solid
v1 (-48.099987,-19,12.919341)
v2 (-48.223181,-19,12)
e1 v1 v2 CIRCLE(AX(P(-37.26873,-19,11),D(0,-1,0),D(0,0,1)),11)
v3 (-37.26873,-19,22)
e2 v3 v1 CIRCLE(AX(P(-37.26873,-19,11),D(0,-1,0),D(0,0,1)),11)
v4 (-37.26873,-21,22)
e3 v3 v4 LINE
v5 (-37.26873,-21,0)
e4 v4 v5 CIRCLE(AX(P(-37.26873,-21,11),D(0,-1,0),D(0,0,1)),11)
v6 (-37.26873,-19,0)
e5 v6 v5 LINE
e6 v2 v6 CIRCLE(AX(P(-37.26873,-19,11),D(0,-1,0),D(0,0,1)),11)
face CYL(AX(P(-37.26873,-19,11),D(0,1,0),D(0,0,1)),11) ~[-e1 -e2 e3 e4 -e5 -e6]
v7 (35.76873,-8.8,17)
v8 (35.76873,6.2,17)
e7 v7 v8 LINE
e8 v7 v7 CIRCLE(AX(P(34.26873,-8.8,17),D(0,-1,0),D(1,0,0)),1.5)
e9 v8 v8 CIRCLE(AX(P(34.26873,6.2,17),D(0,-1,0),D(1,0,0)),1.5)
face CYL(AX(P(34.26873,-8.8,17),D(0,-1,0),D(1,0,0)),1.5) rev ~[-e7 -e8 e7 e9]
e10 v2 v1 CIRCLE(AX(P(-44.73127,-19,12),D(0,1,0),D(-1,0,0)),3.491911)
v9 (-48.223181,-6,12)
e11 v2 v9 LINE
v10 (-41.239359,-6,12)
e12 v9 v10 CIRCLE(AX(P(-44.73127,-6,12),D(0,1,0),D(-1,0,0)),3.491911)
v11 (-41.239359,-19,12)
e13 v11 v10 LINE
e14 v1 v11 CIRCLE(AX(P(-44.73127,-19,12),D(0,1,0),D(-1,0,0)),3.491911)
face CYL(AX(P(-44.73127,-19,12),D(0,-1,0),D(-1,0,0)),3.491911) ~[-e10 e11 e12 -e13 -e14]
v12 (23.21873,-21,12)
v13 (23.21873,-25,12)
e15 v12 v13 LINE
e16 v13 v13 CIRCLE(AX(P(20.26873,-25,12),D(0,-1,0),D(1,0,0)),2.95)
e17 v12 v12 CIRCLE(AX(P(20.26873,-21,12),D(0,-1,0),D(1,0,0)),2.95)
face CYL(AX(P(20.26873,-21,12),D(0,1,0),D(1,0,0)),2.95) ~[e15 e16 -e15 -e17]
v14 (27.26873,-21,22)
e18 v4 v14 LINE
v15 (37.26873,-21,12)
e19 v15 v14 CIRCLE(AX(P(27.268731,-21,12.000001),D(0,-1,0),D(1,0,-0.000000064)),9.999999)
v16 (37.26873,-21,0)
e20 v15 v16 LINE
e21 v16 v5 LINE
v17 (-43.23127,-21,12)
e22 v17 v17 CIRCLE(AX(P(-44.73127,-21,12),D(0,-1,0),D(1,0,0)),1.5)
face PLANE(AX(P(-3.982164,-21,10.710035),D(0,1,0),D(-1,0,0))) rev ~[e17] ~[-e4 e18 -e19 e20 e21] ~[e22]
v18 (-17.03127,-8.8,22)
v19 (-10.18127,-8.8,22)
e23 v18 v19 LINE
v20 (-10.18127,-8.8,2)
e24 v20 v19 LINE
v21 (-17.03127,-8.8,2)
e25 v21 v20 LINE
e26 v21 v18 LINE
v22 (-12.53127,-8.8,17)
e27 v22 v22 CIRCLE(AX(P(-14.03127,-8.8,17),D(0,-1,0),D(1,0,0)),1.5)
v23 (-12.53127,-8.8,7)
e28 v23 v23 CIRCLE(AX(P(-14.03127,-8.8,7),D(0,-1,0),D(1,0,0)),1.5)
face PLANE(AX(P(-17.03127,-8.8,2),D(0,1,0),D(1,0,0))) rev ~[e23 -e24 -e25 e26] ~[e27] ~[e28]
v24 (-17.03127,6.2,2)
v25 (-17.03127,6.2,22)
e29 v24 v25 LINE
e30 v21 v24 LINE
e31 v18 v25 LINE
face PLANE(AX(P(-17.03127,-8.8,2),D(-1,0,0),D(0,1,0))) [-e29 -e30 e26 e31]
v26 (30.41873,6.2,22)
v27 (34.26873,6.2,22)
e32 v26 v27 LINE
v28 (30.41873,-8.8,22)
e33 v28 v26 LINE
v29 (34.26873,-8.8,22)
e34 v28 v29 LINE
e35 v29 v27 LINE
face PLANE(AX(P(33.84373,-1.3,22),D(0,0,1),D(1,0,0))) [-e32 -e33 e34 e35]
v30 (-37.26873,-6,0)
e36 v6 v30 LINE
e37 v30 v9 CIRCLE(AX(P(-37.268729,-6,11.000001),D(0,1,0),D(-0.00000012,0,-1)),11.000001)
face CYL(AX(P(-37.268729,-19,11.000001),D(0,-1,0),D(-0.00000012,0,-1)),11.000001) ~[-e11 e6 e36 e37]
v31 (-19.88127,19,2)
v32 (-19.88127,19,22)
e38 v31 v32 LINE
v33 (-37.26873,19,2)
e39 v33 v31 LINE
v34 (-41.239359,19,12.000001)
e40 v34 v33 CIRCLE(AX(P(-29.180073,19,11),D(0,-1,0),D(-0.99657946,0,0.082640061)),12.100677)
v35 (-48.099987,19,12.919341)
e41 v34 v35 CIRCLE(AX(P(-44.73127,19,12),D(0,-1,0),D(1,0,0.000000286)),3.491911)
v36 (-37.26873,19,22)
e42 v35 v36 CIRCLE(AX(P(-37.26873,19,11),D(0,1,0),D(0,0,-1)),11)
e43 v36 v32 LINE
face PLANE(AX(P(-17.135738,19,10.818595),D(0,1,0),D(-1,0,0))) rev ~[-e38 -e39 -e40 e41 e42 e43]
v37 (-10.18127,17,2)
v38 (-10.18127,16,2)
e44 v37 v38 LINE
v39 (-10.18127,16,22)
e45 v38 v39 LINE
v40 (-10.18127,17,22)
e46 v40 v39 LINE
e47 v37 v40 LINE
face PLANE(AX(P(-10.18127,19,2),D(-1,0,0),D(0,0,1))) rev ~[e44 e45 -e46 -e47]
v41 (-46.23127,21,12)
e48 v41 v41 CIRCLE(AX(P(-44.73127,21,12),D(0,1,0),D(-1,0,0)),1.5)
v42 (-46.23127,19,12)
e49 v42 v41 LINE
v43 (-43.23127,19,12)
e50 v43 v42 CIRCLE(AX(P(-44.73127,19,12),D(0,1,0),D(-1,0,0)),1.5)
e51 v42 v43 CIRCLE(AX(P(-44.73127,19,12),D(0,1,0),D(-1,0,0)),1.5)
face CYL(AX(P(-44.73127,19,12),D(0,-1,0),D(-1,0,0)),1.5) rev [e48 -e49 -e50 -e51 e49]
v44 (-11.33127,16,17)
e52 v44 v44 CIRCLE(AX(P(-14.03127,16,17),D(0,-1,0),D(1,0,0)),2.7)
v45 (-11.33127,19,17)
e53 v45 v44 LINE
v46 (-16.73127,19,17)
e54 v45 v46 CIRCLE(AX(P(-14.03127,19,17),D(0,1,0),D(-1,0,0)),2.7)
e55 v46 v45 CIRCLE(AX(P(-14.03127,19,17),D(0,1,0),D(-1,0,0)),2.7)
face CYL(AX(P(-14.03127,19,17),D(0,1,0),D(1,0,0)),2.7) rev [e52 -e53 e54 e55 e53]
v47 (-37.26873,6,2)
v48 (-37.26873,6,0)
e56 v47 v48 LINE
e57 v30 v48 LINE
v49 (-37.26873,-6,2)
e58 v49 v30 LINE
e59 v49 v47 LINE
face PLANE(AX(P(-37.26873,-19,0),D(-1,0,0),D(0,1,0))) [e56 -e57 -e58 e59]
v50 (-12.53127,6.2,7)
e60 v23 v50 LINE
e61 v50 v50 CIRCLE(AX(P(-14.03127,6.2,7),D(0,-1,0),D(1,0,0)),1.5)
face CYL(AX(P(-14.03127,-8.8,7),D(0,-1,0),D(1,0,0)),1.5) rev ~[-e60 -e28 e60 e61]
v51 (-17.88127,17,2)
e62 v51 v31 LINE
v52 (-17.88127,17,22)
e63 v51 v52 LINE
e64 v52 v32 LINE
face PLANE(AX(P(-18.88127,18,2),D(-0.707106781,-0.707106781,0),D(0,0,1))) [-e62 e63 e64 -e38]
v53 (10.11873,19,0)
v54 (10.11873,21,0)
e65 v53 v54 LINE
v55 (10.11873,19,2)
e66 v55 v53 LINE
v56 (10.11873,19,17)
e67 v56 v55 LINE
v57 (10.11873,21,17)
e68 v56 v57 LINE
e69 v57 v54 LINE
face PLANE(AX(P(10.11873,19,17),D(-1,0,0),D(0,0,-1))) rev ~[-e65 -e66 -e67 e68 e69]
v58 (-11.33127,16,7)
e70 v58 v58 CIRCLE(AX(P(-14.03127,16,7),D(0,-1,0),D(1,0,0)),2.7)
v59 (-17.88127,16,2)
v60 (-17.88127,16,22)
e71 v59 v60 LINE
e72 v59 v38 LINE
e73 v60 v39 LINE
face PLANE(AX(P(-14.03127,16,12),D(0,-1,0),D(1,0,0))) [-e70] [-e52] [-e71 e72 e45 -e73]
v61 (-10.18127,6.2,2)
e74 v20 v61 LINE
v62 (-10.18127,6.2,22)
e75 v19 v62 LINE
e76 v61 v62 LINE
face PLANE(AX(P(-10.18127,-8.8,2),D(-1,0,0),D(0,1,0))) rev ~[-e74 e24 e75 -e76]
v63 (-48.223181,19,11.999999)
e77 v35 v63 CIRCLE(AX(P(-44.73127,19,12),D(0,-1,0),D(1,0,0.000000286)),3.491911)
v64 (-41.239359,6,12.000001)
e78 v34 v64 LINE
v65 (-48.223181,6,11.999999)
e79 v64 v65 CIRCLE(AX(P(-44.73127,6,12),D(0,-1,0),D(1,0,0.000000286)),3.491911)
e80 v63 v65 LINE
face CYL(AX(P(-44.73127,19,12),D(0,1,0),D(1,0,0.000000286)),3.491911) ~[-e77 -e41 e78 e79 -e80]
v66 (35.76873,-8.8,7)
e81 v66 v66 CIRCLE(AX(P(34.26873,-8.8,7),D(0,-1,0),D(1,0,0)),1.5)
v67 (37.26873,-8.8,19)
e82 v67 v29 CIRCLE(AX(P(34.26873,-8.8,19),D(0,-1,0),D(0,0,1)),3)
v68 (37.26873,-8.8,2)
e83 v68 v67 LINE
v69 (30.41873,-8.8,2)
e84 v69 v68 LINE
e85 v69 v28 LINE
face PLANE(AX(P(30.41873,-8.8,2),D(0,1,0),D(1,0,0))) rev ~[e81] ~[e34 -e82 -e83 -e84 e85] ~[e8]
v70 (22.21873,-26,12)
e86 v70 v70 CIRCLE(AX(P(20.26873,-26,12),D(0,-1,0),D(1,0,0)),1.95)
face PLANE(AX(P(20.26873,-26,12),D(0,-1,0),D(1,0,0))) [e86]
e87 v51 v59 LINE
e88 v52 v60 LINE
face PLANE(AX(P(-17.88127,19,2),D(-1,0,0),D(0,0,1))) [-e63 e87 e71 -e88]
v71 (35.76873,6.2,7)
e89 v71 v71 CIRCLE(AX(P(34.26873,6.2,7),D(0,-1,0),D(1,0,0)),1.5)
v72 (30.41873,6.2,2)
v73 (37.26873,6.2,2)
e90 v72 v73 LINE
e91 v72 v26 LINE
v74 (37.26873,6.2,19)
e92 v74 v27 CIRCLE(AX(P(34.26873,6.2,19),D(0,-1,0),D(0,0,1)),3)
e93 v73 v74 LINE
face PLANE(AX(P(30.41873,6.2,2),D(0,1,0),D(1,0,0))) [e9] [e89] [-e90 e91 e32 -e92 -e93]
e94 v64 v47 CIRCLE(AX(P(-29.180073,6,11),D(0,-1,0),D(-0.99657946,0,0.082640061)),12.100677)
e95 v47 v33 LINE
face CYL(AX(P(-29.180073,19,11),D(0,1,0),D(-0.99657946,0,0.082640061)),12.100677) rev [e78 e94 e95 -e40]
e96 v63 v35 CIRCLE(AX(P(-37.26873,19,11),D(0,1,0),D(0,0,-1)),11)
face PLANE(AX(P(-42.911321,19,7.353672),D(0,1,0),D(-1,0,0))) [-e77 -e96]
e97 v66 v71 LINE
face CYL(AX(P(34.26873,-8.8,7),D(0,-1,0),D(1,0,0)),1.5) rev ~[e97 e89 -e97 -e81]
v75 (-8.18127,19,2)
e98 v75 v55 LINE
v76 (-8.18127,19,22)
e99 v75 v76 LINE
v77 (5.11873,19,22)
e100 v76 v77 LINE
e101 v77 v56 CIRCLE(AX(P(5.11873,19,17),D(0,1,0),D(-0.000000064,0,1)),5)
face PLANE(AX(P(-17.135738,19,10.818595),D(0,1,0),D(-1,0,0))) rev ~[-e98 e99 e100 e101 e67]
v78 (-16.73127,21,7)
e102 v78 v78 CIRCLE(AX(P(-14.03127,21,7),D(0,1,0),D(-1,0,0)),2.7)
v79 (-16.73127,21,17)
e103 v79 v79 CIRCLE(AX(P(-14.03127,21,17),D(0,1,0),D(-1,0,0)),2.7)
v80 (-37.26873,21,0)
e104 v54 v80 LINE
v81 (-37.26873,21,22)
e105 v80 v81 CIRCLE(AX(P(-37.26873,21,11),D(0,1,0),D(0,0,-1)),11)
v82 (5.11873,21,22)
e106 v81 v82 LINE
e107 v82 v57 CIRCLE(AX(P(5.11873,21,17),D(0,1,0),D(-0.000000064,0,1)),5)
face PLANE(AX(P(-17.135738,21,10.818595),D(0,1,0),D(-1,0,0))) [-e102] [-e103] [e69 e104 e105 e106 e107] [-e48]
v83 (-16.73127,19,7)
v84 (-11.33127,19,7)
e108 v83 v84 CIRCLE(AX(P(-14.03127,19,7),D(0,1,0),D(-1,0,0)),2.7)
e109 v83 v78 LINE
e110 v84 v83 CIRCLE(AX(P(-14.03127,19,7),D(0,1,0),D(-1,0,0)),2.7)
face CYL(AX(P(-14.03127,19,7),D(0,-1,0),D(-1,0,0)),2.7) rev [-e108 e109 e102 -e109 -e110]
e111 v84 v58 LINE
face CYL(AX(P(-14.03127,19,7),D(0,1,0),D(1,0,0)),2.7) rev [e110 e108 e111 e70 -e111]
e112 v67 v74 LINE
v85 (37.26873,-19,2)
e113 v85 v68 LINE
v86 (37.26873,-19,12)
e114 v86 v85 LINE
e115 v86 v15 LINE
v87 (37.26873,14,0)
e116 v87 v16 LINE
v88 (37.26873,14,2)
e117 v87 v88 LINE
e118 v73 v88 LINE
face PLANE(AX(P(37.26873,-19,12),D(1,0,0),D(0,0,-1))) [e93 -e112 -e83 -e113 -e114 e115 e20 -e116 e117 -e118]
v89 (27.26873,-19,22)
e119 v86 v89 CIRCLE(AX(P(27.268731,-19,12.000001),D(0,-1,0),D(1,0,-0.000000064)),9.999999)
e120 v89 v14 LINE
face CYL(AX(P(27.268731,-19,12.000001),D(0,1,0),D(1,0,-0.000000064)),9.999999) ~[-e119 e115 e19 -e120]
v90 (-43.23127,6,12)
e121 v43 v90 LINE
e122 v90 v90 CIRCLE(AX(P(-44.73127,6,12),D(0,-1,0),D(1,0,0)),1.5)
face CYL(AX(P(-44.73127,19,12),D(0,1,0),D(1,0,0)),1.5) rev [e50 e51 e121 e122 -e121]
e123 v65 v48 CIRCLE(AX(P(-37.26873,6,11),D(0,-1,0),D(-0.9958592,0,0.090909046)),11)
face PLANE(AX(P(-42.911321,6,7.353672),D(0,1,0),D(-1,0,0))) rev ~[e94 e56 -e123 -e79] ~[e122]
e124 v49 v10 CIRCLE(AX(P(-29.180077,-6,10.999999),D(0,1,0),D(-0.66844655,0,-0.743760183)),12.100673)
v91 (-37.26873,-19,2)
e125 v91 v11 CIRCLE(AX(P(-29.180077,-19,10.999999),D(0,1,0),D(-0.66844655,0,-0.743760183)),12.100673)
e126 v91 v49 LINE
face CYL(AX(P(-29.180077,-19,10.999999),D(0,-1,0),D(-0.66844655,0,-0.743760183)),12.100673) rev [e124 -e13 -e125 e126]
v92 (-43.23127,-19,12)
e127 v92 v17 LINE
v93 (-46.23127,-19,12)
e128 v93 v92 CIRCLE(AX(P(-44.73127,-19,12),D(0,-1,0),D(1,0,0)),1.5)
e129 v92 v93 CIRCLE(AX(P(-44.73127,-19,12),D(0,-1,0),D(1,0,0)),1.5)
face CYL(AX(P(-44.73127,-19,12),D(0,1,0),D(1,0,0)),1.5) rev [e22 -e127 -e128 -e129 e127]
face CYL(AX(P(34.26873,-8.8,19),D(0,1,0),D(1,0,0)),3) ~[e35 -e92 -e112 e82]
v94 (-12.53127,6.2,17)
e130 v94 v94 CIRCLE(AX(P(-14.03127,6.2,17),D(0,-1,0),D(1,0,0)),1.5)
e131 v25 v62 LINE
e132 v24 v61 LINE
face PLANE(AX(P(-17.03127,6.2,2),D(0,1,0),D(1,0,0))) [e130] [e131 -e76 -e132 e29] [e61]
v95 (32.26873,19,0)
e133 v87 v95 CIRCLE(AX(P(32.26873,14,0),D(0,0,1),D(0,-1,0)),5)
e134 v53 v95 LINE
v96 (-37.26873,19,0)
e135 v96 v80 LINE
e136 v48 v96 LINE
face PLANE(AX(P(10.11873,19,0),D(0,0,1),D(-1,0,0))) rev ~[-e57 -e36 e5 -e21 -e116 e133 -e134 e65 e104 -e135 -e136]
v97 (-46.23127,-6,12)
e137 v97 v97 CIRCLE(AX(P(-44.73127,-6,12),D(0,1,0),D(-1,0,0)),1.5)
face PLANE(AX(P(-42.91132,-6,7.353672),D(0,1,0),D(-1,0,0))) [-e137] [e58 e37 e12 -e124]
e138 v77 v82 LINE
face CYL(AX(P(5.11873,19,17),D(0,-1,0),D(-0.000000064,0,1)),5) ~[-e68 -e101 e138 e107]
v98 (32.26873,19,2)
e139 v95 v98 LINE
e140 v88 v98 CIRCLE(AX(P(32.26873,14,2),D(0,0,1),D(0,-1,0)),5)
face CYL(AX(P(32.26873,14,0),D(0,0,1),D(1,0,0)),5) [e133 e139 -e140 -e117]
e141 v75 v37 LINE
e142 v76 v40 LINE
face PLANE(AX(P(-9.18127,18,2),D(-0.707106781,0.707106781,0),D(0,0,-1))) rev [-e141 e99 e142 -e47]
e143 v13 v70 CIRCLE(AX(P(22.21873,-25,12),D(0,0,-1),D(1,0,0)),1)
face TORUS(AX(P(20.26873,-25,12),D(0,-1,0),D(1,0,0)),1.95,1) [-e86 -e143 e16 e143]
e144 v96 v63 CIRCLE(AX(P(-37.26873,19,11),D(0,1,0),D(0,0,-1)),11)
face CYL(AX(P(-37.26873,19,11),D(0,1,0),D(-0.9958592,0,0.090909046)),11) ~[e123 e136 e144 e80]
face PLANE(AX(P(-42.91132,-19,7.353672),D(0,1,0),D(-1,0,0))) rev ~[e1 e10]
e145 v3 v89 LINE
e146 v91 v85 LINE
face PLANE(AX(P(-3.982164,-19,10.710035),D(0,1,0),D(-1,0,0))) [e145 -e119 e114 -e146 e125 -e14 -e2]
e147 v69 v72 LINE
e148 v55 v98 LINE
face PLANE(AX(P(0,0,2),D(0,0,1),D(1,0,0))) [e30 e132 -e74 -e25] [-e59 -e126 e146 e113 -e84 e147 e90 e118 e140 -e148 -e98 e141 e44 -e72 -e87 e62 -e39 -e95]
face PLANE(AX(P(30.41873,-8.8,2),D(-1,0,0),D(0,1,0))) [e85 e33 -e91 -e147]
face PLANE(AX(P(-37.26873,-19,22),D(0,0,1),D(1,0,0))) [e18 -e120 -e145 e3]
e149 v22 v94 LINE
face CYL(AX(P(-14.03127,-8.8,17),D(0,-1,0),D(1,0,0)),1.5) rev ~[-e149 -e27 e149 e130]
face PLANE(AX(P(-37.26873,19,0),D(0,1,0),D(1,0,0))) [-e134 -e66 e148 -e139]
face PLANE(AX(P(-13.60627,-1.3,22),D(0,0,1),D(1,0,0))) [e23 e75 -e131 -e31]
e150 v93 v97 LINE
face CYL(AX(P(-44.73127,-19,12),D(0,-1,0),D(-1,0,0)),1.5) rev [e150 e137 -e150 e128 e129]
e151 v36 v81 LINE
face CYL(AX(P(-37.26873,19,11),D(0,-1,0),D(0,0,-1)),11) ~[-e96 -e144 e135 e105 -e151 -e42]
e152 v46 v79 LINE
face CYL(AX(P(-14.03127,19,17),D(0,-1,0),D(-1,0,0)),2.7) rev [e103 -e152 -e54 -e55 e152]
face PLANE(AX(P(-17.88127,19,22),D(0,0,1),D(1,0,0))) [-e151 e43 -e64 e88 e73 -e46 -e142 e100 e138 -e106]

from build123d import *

# Parameters (mm, degrees)
SKETCH_W        = 74.53746
SKETCH_H        = 38
PAD_DEPTH       = 2
SKETCH001_W     = 6.85
SKETCH001_H     = 15
PAD001_DEPTH    = 20
SKETCH002_R     = 1.5
POCKET_DEPTH    = 17
SKETCH003_R     = 1.5
PAD002_DEPTH    = 2
SKETCH004_R     = 2.95
PAD003_DEPTH    = 5
SKETCH005_R     = 2.7
SKETCH005_R_2   = 1.5
PAD004_DEPTH    = 2
SKETCH006_W     = 7.7
SKETCH006_H     = 20
SKETCH006_R     = 2.7
PAD005_DEPTH    = 3
SKETCH007_R     = 1.5
PAD006_DEPTH    = 13
SKETCH008_R     = 1.5
PAD007_DEPTH    = 13
FILLET_R        = 3
FILLET001_R     = 5
FILLET002_R     = 1
CHAMFER_SIZE    = 2
CHAMFER001_SIZE = 2


with BuildPart() as part:
    # Sketch → Pad (new body)
    with BuildSketch(Plane.XY):
        Rectangle(SKETCH_W, SKETCH_H)
    extrude(amount=PAD_DEPTH)

    # Sketch001 (on Face6 of Pad) → Pad001 (join)
    with BuildSketch(Plane.XY.offset(2)):
        with Locations((33.84373, -1.3)):
            Rectangle(SKETCH001_W, SKETCH001_H)
        with Locations((-13.60627, -1.3)):
            Rectangle(SKETCH001_W, SKETCH001_H)
    extrude(amount=PAD001_DEPTH)

    # Sketch002 (on Face12 of Pad001) → Pocket (cut)
    with BuildSketch(Plane.XZ.offset(8.8)):
        with Locations((-14.03127, 17)):
            Circle(SKETCH002_R)
        with Locations((-14.03127, 7)):
            Circle(SKETCH002_R)
        with Locations((34.26873, 17)):
            Circle(SKETCH002_R)
        with Locations((34.26873, 7)):
            Circle(SKETCH002_R)
    extrude(amount=-POCKET_DEPTH, mode=Mode.SUBTRACT)

    # Sketch003 (on Face6 of Pocket) → Pad002 (join)
    with BuildSketch(Plane.XZ.offset(19)):
        with BuildLine():
            Line((37.26873, 0), (-37.26873, 0))
            ThreePointArc((-37.26873, 22), (-48.26873, 11), (-37.26873, 0))
            Line((-37.26873, 22), (27.26873, 22))
            ThreePointArc((37.26873, 12), (34.339798, 19.071068), (27.26873, 22))
            Line((37.26873, 12), (37.26873, 0))
        make_face()
        with Locations((-44.73127, 12)):
            Circle(SKETCH003_R, mode=Mode.SUBTRACT)
    extrude(amount=PAD002_DEPTH)

    # Sketch004 (on Face21 of Pad002) → Pad003 (join)
    with BuildSketch(Plane.XZ.offset(21)):
        with Locations((20.26873, 12)):
            Circle(SKETCH004_R)
    extrude(amount=PAD003_DEPTH)

    # Sketch005 (on Face1 of Pad003) → Pad004 (join)
    with BuildSketch(Plane(origin=(0, 19, 0), x_dir=(-1, 0, 0), z_dir=(0, 1, 0))):
        with BuildLine():
            Line((37.26873, 22), (-5.11873, 22))
            ThreePointArc((-5.11873, 22), (-8.654264, 20.535534), (-10.11873, 17))
            Line((-10.11873, 17), (-10.11873, 0))
            Line((-10.11873, 0), (37.26873, 0))
            ThreePointArc((37.26873, 0), (48.26873, 11), (37.26873, 22))
        make_face()
        with Locations((14.03127, 17)):
            Circle(SKETCH005_R, mode=Mode.SUBTRACT)
        with Locations((14.03127, 7)):
            Circle(SKETCH005_R, mode=Mode.SUBTRACT)
        with Locations((44.73127, 12)):
            Circle(SKETCH005_R_2, mode=Mode.SUBTRACT)
    extrude(amount=PAD004_DEPTH)

    # Sketch006 (on Face11 of Pad004) → Pad005 (join)
    with BuildSketch(Plane.XZ.offset(-19)):
        with Locations((-14.03127, 12)):
            Rectangle(SKETCH006_W, SKETCH006_H)
        with Locations((-14.03127, 7)):
            Circle(SKETCH006_R, mode=Mode.SUBTRACT)
        with Locations((-14.03127, 17)):
            Circle(SKETCH006_R, mode=Mode.SUBTRACT)
    extrude(amount=PAD005_DEPTH)

    # Sketch007 (on Face11 of Pad005) → Pad006 (join)
    with BuildSketch(Plane.XZ.offset(-19)):
        with BuildLine():
            ThreePointArc((-41.239359, 12.000001), (-40.426624, 6.534413), (-37.26873, 2))
            Line((-37.26873, 2), (-37.26873, 0))
            ThreePointArc((-48.223181, 11.999999), (-45.392768, 3.583801), (-37.26873, 0))
            ThreePointArc((-41.239359, 12.000001), (-44.731271, 15.491911), (-48.223181, 11.999999))
        make_face()
        with Locations((-44.73127, 12)):
            Circle(SKETCH007_R, mode=Mode.SUBTRACT)
    extrude(amount=PAD006_DEPTH)

    # Sketch008 (on Face20 of Pad006) → Pad007 (join)
    with BuildSketch(Plane(origin=(0, -19, 0), x_dir=(-1, 0, 0), z_dir=(0, 1, 0))):
        with BuildLine():
            Line((37.26873, 2), (37.26873, 0))
            ThreePointArc((37.26873, 0), (45.392768, 3.583802), (48.223181, 12))
            ThreePointArc((48.223181, 12), (44.73127, 15.491911), (41.239359, 12))
            ThreePointArc((37.26873, 2), (40.426624, 6.534412), (41.239359, 12))
        make_face()
        with Locations((44.73127, 12)):
            Circle(SKETCH008_R, mode=Mode.SUBTRACT)
    extrude(amount=PAD007_DEPTH)

    # Fillet
    fillet_edges = [part.edges().sort_by_distance(p)[0] for p in [
        (37.26873, -1.3, 22),
    ]]
    fillet(fillet_edges, radius=FILLET_R)

    # Fillet001
    fillet001_edges = [part.edges().sort_by_distance(p)[0] for p in [
        (37.26873, 19, 1),
    ]]
    fillet(fillet001_edges, radius=FILLET001_R)

    # Fillet002
    fillet002_edges = [part.edges().sort_by_distance(p)[0] for p in [
        (17.31873, -26, 12),
    ]]
    fillet(fillet002_edges, radius=FILLET002_R)

    # Chamfer
    chamfer_edges = [part.edges().sort_by_distance(p)[0] for p in [
        (-10.18127, 19, 12),
    ]]
    chamfer(chamfer_edges, length=CHAMFER_SIZE)

    # Chamfer001
    chamfer001_edges = [part.edges().sort_by_distance(p)[0] for p in [
        (-17.88127, 19, 12),
    ]]
    chamfer(chamfer001_edges, length=CHAMFER001_SIZE)


solid = part.part
